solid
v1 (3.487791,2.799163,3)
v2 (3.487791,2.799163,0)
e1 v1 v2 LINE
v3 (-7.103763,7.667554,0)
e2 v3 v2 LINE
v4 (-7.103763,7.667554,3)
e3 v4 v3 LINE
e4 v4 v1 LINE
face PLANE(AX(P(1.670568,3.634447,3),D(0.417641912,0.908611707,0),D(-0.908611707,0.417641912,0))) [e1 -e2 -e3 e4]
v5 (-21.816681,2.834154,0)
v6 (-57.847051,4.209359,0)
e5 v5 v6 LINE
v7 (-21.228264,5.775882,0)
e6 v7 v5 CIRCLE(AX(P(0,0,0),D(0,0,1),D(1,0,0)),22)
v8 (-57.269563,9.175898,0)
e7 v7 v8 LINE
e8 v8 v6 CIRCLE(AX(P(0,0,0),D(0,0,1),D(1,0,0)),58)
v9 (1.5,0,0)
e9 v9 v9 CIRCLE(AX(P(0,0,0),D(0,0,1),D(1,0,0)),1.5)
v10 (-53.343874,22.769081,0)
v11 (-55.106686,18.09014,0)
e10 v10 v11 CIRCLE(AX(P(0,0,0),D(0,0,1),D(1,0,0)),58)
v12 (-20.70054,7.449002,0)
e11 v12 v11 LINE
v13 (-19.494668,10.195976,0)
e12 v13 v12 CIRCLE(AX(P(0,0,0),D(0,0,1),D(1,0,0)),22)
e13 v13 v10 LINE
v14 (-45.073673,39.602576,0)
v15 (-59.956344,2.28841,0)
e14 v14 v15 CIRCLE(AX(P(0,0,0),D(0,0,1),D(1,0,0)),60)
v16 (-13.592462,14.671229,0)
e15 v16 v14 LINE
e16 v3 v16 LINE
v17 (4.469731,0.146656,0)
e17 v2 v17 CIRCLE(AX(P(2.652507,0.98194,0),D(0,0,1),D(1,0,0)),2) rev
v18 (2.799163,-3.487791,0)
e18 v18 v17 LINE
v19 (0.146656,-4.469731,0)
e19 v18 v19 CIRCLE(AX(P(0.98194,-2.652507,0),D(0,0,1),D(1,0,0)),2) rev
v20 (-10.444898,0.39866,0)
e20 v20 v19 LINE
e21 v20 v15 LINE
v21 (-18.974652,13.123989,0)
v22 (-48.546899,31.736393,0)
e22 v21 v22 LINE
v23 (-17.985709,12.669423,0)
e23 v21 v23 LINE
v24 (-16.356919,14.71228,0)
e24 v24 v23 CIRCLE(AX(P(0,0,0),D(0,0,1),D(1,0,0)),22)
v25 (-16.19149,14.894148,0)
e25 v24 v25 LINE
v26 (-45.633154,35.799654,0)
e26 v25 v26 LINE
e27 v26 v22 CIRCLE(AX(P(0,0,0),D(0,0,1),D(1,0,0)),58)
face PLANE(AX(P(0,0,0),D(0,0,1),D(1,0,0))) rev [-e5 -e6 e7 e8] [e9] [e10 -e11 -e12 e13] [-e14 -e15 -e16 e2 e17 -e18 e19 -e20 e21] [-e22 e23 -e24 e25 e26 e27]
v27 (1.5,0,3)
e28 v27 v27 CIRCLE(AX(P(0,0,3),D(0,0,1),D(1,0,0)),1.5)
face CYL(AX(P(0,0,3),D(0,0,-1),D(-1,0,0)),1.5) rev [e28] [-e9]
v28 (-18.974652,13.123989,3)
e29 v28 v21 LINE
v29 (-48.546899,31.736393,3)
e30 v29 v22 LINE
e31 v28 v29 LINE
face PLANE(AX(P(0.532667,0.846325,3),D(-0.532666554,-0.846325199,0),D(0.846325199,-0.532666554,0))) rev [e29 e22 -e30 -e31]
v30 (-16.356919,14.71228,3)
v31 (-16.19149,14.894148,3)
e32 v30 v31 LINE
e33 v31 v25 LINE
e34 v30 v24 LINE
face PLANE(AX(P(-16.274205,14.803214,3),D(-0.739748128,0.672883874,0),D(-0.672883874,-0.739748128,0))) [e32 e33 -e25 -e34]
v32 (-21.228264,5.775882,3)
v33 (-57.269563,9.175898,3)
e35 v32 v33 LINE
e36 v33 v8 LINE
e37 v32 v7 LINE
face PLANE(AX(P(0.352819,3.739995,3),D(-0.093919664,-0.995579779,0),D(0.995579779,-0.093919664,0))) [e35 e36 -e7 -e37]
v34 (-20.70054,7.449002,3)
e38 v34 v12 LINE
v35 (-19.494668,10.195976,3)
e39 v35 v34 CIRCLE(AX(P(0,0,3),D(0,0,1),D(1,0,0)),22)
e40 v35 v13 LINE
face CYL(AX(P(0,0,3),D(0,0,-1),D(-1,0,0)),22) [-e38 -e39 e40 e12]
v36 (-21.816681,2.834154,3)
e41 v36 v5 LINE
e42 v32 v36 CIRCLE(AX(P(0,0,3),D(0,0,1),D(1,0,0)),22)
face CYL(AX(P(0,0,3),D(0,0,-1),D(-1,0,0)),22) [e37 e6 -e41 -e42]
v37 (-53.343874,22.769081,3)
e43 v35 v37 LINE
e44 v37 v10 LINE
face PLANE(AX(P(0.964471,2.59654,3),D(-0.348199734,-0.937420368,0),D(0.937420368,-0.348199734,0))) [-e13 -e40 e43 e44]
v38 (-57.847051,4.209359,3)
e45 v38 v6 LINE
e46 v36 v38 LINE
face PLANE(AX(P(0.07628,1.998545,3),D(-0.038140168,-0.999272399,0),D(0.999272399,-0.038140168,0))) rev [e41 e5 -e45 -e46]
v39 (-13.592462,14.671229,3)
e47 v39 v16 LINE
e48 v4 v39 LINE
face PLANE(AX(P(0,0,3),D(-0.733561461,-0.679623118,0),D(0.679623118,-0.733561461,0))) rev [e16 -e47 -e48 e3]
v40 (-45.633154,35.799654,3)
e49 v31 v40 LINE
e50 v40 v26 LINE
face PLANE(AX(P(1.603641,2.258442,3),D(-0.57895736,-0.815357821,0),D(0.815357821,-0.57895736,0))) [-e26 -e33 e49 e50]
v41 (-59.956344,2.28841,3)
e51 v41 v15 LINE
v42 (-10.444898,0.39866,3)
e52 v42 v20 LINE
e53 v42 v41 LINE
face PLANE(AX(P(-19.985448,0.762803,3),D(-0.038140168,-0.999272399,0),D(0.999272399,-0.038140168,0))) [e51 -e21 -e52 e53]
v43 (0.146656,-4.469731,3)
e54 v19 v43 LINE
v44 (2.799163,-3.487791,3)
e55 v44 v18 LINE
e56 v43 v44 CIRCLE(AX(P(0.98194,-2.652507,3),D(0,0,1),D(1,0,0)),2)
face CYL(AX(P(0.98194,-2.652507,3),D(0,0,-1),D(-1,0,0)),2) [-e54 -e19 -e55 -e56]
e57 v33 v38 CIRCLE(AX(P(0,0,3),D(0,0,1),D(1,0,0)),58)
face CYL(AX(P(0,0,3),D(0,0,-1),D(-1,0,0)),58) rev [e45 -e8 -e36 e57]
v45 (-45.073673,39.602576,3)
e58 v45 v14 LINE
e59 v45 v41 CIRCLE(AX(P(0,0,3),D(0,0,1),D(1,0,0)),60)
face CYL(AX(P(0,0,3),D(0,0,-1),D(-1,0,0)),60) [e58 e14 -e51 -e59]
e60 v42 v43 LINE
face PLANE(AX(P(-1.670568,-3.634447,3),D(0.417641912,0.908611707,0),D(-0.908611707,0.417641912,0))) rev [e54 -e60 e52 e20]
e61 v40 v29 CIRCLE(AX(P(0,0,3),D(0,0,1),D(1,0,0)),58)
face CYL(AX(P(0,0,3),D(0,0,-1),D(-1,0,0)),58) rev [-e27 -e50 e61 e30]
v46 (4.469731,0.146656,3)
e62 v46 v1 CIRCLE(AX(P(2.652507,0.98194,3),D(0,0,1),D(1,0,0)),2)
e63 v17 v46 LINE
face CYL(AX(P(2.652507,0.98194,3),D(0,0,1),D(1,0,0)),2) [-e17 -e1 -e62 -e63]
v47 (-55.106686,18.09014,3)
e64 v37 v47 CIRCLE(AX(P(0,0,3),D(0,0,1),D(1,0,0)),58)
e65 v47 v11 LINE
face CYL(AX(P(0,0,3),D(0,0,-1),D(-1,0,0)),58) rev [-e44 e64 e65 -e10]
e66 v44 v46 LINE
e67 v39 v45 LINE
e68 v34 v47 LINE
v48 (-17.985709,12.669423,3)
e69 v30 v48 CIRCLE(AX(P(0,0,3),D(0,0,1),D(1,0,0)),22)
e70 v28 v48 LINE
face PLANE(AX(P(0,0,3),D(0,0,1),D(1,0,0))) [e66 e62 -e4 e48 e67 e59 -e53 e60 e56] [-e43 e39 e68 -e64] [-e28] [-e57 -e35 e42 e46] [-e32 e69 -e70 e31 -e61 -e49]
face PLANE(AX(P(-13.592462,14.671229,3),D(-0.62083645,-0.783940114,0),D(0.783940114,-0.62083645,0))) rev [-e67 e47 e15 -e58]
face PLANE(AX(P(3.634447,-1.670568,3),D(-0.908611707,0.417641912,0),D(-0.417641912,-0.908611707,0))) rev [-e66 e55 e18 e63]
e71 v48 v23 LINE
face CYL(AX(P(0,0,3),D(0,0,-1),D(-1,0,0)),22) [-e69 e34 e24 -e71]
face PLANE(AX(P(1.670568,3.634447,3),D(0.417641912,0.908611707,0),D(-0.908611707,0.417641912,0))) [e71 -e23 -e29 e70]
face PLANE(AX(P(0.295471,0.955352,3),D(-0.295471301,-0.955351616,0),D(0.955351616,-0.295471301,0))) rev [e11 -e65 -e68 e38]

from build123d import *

# Parameters (mm, degrees)
BOSS_EXTRUDE2_DEPTH = 3
CUT_EXTRUDE1_DEPTH  = 72.917502797
SKETCH1_8_R         = 1.5
BOSS_EXTRUDE5_DEPTH = 3
FILLET1_R           = 2


with BuildPart() as part:
    # Sketch1 → Boss-Extrude2 (new body)
    with BuildSketch(Plane.XY):
        with BuildLine():
            Line((-19.985447982, 0.762803358), (-59.956343946, 2.288410074))
            ThreePointArc((-59.956343946, 2.288410074), (-55.730717245, 22.228071336), (-45.073672701, 39.602576043))
            Line((-45.073672701, 39.602576043), (-13.592462366, 14.67122922))
            ThreePointArc((-13.592462366, 14.67122922), (-18.172234131, 8.352838241), (-19.985447982, 0.762803358))
        make_face()
    extrude(amount=BOSS_EXTRUDE2_DEPTH)

    # Sketch1<5> → Cut-Extrude1 (cut, through all)
    with BuildSketch(Plane.XY):
        with BuildLine():
            ThreePointArc((-21.816681027, 2.834154011), (-21.572673921, 4.315059664), (-21.2282638, 5.775882272))
            Line((-21.2282638, 5.775882272), (-57.269563461, 9.175897829))
            ThreePointArc((-57.269563461, 9.175897829), (-57.611850796, 6.698854216), (-57.847050894, 4.209358967))
            Line((-57.847050894, 4.209358967), (-21.816681027, 2.834154011))
        make_face()
        with BuildLine():
            Line((-18.974652115, 13.123988942), (-17.985708937, 12.669422798))
            ThreePointArc((-17.985708937, 12.669422798), (-17.201666988, 13.715052053), (-16.356919422, 14.712280144))
            Line((-16.356919422, 14.712280144), (-16.19149009, 14.894148135))
            Line((-16.19149009, 14.894148135), (-45.633154018, 35.799654388))
            ThreePointArc((-45.633154018, 35.799654388), (-47.133831778, 33.799436415), (-48.546898537, 31.736393028))
            Line((-48.546898537, 31.736393028), (-18.974652115, 13.123988942))
        make_face()
        with BuildLine():
            Line((-55.106686022, 18.090139737), (-20.700540486, 7.449001516))
            ThreePointArc((-20.700540486, 7.449001516), (-20.144482043, 8.843067523), (-19.494667642, 10.19597634))
            Line((-19.494667642, 10.19597634), (-53.343874365, 22.769081398))
            ThreePointArc((-53.343874365, 22.769081398), (-54.275723264, 20.448615214), (-55.106686022, 18.090139737))
        make_face()
    extrude(amount=CUT_EXTRUDE1_DEPTH, mode=Mode.SUBTRACT)

    # Sketch1<8> → Boss-Extrude5 (add)
    with BuildSketch(Plane.XY):
        with BuildLine():
            ThreePointArc((-19.475648091, 4.549629811), (-19.821189154, 2.668419106), (-19.985447982, 0.762803358))
            Line((-19.985447982, 0.762803358), (-10.444898468, 0.398660247))
            Line((-10.444898468, 0.398660247), (1.963879178, -5.305014474))
            Line((1.963879178, -5.305014474), (5.305014474, 1.963879178))
            Line((5.305014474, 1.963879178), (-7.103763171, 7.667553899))
            Line((-7.103763171, 7.667553899), (-13.592462366, 14.67122922))
            ThreePointArc((-13.592462366, 14.67122922), (-14.931769674, 13.305722619), (-16.134512795, 11.818523464))
            ThreePointArc((-16.134512795, 11.818523464), (-18.172234131, 8.352838241), (-19.475648091, 4.549629811))
        make_face()
        Circle(SKETCH1_8_R, mode=Mode.SUBTRACT)
    extrude(amount=BOSS_EXTRUDE5_DEPTH)

    # Fillet1
    fillet1_edges = [part.edges().sort_by_distance(p)[0] for p in [
        (5.305014474, 1.963879178, 1.5),
        (1.963879178, -5.305014474, 1.5),
    ]]
    fillet(fillet1_edges, radius=FILLET1_R)


solid = part.part
